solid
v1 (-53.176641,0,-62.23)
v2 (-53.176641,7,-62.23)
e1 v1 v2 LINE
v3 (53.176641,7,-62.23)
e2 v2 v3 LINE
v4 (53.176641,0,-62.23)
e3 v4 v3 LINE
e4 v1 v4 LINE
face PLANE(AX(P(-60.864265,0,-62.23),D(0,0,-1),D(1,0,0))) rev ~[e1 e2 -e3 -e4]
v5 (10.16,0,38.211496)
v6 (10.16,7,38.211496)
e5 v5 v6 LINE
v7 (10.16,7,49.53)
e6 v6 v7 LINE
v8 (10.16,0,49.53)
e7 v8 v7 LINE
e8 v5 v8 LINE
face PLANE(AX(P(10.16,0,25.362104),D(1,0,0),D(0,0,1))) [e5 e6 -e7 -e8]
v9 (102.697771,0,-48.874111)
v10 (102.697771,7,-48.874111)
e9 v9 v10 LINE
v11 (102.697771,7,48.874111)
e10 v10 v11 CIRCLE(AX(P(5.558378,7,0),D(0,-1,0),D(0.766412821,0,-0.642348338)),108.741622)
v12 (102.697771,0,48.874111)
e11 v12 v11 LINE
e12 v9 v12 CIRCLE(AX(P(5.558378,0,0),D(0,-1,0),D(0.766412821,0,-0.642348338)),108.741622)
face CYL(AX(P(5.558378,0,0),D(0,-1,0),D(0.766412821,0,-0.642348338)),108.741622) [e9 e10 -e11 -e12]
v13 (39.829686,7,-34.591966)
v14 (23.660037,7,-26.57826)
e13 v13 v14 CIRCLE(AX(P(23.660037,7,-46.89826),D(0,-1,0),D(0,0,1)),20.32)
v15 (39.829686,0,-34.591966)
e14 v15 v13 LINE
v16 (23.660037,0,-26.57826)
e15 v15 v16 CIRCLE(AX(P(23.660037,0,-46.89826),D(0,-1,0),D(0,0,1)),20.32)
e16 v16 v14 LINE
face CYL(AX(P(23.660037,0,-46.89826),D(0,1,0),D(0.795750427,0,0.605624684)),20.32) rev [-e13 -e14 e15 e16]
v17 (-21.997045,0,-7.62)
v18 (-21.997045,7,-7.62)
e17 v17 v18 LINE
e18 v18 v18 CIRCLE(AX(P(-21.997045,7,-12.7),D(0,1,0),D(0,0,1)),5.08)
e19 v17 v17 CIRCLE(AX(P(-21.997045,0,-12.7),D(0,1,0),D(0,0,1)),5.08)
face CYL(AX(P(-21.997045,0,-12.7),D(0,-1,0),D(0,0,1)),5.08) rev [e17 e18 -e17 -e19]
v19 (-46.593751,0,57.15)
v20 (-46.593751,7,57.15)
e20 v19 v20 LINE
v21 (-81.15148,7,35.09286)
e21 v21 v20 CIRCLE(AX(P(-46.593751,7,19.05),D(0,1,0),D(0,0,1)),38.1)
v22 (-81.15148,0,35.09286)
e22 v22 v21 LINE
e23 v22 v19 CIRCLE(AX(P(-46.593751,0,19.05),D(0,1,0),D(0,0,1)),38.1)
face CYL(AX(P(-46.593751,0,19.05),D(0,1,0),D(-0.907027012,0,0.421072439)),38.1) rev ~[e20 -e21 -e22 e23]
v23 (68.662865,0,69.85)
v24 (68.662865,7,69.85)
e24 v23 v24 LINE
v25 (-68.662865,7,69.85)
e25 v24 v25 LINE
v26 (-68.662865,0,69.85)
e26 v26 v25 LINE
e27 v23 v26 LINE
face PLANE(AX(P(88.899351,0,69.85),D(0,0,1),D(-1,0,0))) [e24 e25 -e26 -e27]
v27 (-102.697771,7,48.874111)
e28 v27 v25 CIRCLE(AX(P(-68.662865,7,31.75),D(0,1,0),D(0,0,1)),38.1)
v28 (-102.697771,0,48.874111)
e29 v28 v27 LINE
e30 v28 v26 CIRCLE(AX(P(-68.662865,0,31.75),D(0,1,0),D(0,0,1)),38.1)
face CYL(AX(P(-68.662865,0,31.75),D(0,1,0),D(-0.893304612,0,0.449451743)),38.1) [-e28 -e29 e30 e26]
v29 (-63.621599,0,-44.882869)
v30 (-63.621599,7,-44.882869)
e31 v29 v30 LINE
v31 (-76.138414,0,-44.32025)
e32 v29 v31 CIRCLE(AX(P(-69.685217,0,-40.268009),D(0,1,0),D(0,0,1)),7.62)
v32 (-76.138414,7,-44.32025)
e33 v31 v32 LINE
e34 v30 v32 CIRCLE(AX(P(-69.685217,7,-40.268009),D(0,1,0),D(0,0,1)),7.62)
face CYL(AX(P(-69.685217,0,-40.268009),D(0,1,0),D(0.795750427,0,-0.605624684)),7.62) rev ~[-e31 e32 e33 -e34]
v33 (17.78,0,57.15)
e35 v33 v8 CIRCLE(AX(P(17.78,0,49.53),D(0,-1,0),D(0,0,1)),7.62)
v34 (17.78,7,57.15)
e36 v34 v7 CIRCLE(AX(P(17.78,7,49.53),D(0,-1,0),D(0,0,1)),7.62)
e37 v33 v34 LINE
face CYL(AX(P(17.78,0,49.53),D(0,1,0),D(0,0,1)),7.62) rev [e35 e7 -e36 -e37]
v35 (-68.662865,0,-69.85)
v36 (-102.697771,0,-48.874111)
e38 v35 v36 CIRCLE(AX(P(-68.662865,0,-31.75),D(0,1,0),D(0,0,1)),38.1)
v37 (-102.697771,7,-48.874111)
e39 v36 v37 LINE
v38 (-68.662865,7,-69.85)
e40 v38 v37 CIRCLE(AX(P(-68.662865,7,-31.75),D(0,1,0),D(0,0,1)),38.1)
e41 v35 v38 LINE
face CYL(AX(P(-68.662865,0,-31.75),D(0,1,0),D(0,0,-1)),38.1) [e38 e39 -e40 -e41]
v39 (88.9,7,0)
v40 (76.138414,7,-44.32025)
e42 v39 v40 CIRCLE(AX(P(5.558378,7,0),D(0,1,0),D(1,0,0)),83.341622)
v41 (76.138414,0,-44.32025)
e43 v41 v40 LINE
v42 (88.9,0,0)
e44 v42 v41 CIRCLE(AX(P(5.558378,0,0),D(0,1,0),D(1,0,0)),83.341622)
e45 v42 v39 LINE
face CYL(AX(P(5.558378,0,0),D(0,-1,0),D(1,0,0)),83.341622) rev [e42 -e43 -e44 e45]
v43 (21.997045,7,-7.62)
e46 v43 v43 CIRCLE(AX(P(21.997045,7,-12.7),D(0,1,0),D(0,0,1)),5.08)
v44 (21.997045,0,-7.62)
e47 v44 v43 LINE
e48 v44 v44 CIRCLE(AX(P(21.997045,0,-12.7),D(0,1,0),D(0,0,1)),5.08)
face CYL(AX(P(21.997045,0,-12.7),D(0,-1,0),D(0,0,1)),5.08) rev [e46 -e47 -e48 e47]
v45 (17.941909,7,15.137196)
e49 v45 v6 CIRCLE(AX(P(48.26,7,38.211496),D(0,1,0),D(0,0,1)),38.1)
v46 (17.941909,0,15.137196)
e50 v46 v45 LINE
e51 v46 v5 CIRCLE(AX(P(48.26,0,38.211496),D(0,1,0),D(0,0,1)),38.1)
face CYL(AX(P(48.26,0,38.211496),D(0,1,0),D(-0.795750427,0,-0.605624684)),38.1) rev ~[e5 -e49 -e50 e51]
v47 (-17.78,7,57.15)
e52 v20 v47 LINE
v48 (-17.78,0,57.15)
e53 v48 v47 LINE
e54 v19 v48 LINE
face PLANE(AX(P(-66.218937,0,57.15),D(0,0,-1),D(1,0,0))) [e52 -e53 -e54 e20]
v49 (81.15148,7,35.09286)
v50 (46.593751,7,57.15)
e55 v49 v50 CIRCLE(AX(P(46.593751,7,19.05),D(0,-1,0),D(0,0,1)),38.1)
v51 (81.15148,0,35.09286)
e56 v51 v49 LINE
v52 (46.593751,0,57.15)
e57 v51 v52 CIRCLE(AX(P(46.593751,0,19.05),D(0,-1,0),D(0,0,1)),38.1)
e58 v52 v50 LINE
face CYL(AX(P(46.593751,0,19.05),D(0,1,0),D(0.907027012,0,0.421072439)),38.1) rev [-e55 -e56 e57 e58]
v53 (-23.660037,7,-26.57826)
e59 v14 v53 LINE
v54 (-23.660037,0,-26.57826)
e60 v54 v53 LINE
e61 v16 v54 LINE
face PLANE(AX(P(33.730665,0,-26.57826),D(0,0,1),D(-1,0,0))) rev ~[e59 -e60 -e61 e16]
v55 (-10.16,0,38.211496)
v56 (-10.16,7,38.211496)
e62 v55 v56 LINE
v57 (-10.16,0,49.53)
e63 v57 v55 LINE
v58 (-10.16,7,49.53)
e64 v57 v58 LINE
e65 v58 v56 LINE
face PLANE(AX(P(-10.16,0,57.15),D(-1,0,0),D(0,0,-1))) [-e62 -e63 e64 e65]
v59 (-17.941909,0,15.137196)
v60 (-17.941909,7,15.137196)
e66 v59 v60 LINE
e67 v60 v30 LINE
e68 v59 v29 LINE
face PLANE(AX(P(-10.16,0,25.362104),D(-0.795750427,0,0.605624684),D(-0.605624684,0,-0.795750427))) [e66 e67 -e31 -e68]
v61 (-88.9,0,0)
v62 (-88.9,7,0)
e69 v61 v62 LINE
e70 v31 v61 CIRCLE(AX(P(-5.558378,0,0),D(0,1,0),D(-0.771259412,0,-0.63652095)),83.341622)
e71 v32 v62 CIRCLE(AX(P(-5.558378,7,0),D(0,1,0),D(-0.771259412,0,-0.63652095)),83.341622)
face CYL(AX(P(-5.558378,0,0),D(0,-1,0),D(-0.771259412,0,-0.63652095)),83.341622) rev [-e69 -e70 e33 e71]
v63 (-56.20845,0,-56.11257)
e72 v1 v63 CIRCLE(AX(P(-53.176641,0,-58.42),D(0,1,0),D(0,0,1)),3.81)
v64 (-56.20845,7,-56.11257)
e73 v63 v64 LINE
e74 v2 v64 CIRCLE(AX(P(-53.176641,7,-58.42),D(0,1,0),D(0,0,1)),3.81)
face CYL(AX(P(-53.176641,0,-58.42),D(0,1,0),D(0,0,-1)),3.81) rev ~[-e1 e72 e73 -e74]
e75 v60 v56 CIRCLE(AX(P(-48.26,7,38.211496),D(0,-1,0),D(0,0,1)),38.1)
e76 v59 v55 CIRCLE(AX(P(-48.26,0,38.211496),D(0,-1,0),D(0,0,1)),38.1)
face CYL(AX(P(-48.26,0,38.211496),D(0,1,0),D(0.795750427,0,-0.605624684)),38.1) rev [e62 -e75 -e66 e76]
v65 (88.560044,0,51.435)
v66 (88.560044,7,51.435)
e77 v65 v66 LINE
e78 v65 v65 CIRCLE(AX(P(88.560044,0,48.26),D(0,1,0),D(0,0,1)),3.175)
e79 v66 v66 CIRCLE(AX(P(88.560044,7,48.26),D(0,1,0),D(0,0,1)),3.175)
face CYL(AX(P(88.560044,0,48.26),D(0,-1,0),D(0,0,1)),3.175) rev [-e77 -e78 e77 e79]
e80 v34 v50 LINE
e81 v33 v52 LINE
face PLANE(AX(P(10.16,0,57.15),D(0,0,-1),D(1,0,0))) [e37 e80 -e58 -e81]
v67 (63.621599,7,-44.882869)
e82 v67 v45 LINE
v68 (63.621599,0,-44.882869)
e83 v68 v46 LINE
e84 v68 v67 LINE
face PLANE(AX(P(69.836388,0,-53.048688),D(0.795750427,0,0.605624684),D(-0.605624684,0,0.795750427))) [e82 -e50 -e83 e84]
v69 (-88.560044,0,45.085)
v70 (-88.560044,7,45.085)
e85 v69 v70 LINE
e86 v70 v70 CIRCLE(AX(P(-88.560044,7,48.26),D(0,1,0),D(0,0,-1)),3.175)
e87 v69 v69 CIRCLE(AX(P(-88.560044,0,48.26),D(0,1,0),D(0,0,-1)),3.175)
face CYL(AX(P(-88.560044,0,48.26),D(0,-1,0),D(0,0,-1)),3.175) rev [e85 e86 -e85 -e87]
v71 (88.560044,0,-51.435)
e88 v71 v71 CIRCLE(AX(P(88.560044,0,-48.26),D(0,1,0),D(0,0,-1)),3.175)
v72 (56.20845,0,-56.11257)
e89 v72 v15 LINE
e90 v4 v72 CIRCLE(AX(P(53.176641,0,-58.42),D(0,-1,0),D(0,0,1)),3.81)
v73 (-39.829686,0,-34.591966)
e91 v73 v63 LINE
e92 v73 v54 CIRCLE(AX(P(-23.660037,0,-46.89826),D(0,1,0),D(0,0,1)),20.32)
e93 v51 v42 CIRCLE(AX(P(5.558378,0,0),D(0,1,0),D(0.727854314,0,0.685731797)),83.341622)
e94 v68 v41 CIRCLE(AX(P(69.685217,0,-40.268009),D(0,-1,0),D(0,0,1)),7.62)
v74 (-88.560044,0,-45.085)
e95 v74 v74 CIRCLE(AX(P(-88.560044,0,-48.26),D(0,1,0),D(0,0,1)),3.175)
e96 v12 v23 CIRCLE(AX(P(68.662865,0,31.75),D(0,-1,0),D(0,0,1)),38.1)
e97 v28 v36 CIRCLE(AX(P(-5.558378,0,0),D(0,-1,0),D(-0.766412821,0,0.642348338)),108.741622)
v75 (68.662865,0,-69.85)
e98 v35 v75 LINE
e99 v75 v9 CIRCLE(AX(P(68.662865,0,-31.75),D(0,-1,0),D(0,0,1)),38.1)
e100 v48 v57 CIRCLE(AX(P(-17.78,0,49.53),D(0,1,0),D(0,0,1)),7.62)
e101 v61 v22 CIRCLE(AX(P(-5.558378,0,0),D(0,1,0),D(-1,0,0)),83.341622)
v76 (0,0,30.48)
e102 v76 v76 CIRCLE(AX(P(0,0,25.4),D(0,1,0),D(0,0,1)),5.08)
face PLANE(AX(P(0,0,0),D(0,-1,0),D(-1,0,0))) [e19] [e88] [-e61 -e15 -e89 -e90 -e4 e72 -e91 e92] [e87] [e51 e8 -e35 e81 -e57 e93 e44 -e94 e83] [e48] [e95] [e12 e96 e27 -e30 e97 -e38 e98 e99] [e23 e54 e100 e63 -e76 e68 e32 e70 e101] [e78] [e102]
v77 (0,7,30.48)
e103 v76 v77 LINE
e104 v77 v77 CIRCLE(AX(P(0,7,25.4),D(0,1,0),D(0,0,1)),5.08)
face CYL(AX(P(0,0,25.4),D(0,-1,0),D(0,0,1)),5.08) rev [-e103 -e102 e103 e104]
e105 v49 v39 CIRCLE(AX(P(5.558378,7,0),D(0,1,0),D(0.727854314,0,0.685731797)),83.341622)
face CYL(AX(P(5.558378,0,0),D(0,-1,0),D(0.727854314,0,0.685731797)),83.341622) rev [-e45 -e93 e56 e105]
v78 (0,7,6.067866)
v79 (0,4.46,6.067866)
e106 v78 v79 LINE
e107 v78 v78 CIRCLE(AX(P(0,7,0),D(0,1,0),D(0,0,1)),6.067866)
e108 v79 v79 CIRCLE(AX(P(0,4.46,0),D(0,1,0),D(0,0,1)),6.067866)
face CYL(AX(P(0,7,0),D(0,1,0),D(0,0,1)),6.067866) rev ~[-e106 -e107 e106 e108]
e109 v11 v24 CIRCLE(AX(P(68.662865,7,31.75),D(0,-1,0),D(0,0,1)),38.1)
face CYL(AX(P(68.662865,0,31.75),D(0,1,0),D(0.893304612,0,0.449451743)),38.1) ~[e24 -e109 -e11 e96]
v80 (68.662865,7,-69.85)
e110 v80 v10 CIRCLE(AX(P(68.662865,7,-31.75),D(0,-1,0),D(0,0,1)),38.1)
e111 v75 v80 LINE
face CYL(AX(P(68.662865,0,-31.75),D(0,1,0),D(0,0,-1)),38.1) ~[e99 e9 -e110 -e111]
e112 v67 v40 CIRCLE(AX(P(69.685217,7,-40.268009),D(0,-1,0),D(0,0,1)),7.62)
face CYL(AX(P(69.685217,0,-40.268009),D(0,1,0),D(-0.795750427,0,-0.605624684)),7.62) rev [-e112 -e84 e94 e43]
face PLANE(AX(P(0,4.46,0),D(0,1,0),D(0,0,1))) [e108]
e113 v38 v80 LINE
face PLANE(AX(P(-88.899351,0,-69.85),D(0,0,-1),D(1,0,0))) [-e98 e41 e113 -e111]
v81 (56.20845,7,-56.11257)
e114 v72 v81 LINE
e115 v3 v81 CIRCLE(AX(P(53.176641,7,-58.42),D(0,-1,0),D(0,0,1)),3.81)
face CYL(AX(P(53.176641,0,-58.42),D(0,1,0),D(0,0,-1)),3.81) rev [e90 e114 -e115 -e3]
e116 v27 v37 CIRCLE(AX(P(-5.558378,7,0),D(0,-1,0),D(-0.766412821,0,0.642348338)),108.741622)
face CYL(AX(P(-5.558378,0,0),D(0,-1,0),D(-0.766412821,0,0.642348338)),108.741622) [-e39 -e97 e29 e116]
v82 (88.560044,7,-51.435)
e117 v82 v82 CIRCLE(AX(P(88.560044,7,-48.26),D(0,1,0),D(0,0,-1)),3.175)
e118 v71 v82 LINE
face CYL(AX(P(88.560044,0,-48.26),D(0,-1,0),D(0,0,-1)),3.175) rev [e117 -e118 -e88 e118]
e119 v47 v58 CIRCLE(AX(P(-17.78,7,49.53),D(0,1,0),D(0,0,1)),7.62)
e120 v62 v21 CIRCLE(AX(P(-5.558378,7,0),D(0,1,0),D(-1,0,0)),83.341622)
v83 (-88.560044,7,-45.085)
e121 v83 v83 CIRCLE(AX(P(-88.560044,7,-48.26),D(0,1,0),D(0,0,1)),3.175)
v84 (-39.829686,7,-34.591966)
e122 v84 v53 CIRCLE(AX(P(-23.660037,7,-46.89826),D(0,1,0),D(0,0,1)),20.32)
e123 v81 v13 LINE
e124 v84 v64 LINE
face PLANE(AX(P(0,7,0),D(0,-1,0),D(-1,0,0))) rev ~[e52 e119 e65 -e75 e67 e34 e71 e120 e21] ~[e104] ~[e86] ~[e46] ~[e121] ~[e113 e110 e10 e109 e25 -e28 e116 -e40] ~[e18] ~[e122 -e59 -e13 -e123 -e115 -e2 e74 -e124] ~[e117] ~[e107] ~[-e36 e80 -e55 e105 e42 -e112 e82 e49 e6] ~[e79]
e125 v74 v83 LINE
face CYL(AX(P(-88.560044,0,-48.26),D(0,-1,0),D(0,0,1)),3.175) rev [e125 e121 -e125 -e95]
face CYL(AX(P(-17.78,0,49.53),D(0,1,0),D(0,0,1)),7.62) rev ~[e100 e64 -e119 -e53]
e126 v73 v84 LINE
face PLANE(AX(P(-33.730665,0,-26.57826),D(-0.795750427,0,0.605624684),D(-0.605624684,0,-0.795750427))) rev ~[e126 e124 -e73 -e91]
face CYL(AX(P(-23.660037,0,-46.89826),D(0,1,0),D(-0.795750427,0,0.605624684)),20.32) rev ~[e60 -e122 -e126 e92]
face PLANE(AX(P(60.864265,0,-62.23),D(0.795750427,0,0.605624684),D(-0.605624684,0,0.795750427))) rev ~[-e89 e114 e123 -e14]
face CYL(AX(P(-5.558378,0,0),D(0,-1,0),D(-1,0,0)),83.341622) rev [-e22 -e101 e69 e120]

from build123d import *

# Parameters (mm, degrees)
SKETCH1_R           = 5.08
SKETCH1_R_2         = 3.175
BOSS_EXTRUDE1_DEPTH = 7
FILLET6_R           = 38.1
FILLET9_R           = 7.62
FILLET10_R          = 7.62
FILLET11_R          = 3.81
FILLET12_R          = 20.32
FILLET13_R          = 38.1
SKETCH2_R           = 6.067865864
CUT_EXTRUDE1_DEPTH  = 2.54


with BuildPart() as part:
    # Sketch1 → Boss-Extrude1 (new body)
    with BuildSketch(Plane(origin=(0, 0, 0), x_dir=(1, 0, 0), z_dir=(0, 1, 0))):
        with BuildLine():
            Line((-88.899351346, 69.85), (88.899351346, 69.85))
            ThreePointArc((88.899351346, 69.85), (114.3, 0), (88.899351346, -69.85))
            Line((88.899351346, -69.85), (-88.899351346, -69.85))
            ThreePointArc((-88.899351346, -69.85), (-114.3, 0), (-88.899351346, 69.85))
        make_face()
        with Locations(Location((0, -25.4, 0), (0, 0, 270))):
            Circle(SKETCH1_R, mode=Mode.SUBTRACT)
        with Locations(Location((-21.997045256, 12.7, 0), (0, 0, 270))):
            Circle(SKETCH1_R, mode=Mode.SUBTRACT)
        with Locations(Location((21.997045256, 12.7, 0), (0, 0, 270))):
            Circle(SKETCH1_R, mode=Mode.SUBTRACT)
        with Locations(Location((-88.560044244, 48.26, 0), (0, 0, 270))):
            Circle(SKETCH1_R_2, mode=Mode.SUBTRACT)
        with Locations(Location((-88.560044244, -48.26, 0), (0, 0, 90))):
            Circle(SKETCH1_R_2, mode=Mode.SUBTRACT)
        with Locations(Location((88.560044244, -48.26, 0), (0, 0, 270))):
            Circle(SKETCH1_R_2, mode=Mode.SUBTRACT)
        with Locations(Location((88.560044244, 48.26, 0), (0, 0, 90))):
            Circle(SKETCH1_R_2, mode=Mode.SUBTRACT)
        Polygon((-60.864265129, 62.23), (60.864265129, 62.23), (33.730665032, 26.578259891), (-33.730665032, 26.578259891), align=None, mode=Mode.SUBTRACT)
        with BuildLine():
            Line((-66.2189372, -57.15), (-10.16, -57.15))
            Line((-10.16, -57.15), (-10.16, -25.362104437))
            Line((-10.16, -25.362104437), (-69.836388427, 53.048688207))
            ThreePointArc((-69.836388427, 53.048688207), (-83.989429266, 28.185034179), (-88.9, 0))
            ThreePointArc((-88.9, 0), (-83.022483728, -30.743101298), (-66.2189372, -57.15))
        make_face(mode=Mode.SUBTRACT)
        with BuildLine():
            Line((10.16, -25.362104437), (10.16, -57.15))
            Line((10.16, -57.15), (66.2189372, -57.15))
            ThreePointArc((66.2189372, -57.15), (83.022483728, -30.743101298), (88.9, 0))
            ThreePointArc((88.9, 0), (83.989429266, 28.185034179), (69.836388427, 53.048688207))
            Line((69.836388427, 53.048688207), (10.16, -25.362104437))
        make_face(mode=Mode.SUBTRACT)
    extrude(amount=BOSS_EXTRUDE1_DEPTH)

    # Fillet6
    fillet6_edges = [part.edges().sort_by_distance(p)[0] for p in [
        (-66.2189372, 3.5, 57.15),
        (66.2189372, 3.5, 57.15),
        (-88.899351346, 3.5, -69.85),
        (88.899351346, 3.5, -69.85),
        (88.899351346, 3.5, 69.85),
        (-88.899351346, 3.5, 69.85),
    ]]
    fillet(fillet6_edges, radius=FILLET6_R)

    # Fillet9
    fillet9_edges = [part.edges().sort_by_distance(p)[0] for p in [
        (-10.16, 3.5, 57.15),
        (10.16, 3.5, 57.15),
    ]]
    fillet(fillet9_edges, radius=FILLET9_R)

    # Fillet10
    fillet10_edges = [part.edges().sort_by_distance(p)[0] for p in [
        (-69.836388427, 3.5, -53.048688207),
        (69.836388427, 3.5, -53.048688207),
    ]]
    fillet(fillet10_edges, radius=FILLET10_R)

    # Fillet11
    fillet11_edges = [part.edges().sort_by_distance(p)[0] for p in [
        (60.864265129, 3.5, -62.23),
        (-60.864265129, 3.5, -62.23),
    ]]
    fillet(fillet11_edges, radius=FILLET11_R)

    # Fillet12
    fillet12_edges = [part.edges().sort_by_distance(p)[0] for p in [
        (33.730665032, 3.5, -26.578259891),
        (-33.730665032, 3.5, -26.578259891),
    ]]
    fillet(fillet12_edges, radius=FILLET12_R)

    # Fillet13
    fillet13_edges = [part.edges().sort_by_distance(p)[0] for p in [
        (-10.16, 3.5, 25.362104437),
        (10.16, 3.5, 25.362104437),
    ]]
    fillet(fillet13_edges, radius=FILLET13_R)

    # Sketch2 → Cut-Extrude1 (cut)
    with BuildSketch(Plane(origin=(0, 7, 0), x_dir=(1, 0, 0), z_dir=(0, 1, 0))):
        with Locations(Location((0, 0, 0), (0, 0, 270))):
            Circle(SKETCH2_R)
    extrude(amount=-CUT_EXTRUDE1_DEPTH, mode=Mode.SUBTRACT)


solid = part.part
